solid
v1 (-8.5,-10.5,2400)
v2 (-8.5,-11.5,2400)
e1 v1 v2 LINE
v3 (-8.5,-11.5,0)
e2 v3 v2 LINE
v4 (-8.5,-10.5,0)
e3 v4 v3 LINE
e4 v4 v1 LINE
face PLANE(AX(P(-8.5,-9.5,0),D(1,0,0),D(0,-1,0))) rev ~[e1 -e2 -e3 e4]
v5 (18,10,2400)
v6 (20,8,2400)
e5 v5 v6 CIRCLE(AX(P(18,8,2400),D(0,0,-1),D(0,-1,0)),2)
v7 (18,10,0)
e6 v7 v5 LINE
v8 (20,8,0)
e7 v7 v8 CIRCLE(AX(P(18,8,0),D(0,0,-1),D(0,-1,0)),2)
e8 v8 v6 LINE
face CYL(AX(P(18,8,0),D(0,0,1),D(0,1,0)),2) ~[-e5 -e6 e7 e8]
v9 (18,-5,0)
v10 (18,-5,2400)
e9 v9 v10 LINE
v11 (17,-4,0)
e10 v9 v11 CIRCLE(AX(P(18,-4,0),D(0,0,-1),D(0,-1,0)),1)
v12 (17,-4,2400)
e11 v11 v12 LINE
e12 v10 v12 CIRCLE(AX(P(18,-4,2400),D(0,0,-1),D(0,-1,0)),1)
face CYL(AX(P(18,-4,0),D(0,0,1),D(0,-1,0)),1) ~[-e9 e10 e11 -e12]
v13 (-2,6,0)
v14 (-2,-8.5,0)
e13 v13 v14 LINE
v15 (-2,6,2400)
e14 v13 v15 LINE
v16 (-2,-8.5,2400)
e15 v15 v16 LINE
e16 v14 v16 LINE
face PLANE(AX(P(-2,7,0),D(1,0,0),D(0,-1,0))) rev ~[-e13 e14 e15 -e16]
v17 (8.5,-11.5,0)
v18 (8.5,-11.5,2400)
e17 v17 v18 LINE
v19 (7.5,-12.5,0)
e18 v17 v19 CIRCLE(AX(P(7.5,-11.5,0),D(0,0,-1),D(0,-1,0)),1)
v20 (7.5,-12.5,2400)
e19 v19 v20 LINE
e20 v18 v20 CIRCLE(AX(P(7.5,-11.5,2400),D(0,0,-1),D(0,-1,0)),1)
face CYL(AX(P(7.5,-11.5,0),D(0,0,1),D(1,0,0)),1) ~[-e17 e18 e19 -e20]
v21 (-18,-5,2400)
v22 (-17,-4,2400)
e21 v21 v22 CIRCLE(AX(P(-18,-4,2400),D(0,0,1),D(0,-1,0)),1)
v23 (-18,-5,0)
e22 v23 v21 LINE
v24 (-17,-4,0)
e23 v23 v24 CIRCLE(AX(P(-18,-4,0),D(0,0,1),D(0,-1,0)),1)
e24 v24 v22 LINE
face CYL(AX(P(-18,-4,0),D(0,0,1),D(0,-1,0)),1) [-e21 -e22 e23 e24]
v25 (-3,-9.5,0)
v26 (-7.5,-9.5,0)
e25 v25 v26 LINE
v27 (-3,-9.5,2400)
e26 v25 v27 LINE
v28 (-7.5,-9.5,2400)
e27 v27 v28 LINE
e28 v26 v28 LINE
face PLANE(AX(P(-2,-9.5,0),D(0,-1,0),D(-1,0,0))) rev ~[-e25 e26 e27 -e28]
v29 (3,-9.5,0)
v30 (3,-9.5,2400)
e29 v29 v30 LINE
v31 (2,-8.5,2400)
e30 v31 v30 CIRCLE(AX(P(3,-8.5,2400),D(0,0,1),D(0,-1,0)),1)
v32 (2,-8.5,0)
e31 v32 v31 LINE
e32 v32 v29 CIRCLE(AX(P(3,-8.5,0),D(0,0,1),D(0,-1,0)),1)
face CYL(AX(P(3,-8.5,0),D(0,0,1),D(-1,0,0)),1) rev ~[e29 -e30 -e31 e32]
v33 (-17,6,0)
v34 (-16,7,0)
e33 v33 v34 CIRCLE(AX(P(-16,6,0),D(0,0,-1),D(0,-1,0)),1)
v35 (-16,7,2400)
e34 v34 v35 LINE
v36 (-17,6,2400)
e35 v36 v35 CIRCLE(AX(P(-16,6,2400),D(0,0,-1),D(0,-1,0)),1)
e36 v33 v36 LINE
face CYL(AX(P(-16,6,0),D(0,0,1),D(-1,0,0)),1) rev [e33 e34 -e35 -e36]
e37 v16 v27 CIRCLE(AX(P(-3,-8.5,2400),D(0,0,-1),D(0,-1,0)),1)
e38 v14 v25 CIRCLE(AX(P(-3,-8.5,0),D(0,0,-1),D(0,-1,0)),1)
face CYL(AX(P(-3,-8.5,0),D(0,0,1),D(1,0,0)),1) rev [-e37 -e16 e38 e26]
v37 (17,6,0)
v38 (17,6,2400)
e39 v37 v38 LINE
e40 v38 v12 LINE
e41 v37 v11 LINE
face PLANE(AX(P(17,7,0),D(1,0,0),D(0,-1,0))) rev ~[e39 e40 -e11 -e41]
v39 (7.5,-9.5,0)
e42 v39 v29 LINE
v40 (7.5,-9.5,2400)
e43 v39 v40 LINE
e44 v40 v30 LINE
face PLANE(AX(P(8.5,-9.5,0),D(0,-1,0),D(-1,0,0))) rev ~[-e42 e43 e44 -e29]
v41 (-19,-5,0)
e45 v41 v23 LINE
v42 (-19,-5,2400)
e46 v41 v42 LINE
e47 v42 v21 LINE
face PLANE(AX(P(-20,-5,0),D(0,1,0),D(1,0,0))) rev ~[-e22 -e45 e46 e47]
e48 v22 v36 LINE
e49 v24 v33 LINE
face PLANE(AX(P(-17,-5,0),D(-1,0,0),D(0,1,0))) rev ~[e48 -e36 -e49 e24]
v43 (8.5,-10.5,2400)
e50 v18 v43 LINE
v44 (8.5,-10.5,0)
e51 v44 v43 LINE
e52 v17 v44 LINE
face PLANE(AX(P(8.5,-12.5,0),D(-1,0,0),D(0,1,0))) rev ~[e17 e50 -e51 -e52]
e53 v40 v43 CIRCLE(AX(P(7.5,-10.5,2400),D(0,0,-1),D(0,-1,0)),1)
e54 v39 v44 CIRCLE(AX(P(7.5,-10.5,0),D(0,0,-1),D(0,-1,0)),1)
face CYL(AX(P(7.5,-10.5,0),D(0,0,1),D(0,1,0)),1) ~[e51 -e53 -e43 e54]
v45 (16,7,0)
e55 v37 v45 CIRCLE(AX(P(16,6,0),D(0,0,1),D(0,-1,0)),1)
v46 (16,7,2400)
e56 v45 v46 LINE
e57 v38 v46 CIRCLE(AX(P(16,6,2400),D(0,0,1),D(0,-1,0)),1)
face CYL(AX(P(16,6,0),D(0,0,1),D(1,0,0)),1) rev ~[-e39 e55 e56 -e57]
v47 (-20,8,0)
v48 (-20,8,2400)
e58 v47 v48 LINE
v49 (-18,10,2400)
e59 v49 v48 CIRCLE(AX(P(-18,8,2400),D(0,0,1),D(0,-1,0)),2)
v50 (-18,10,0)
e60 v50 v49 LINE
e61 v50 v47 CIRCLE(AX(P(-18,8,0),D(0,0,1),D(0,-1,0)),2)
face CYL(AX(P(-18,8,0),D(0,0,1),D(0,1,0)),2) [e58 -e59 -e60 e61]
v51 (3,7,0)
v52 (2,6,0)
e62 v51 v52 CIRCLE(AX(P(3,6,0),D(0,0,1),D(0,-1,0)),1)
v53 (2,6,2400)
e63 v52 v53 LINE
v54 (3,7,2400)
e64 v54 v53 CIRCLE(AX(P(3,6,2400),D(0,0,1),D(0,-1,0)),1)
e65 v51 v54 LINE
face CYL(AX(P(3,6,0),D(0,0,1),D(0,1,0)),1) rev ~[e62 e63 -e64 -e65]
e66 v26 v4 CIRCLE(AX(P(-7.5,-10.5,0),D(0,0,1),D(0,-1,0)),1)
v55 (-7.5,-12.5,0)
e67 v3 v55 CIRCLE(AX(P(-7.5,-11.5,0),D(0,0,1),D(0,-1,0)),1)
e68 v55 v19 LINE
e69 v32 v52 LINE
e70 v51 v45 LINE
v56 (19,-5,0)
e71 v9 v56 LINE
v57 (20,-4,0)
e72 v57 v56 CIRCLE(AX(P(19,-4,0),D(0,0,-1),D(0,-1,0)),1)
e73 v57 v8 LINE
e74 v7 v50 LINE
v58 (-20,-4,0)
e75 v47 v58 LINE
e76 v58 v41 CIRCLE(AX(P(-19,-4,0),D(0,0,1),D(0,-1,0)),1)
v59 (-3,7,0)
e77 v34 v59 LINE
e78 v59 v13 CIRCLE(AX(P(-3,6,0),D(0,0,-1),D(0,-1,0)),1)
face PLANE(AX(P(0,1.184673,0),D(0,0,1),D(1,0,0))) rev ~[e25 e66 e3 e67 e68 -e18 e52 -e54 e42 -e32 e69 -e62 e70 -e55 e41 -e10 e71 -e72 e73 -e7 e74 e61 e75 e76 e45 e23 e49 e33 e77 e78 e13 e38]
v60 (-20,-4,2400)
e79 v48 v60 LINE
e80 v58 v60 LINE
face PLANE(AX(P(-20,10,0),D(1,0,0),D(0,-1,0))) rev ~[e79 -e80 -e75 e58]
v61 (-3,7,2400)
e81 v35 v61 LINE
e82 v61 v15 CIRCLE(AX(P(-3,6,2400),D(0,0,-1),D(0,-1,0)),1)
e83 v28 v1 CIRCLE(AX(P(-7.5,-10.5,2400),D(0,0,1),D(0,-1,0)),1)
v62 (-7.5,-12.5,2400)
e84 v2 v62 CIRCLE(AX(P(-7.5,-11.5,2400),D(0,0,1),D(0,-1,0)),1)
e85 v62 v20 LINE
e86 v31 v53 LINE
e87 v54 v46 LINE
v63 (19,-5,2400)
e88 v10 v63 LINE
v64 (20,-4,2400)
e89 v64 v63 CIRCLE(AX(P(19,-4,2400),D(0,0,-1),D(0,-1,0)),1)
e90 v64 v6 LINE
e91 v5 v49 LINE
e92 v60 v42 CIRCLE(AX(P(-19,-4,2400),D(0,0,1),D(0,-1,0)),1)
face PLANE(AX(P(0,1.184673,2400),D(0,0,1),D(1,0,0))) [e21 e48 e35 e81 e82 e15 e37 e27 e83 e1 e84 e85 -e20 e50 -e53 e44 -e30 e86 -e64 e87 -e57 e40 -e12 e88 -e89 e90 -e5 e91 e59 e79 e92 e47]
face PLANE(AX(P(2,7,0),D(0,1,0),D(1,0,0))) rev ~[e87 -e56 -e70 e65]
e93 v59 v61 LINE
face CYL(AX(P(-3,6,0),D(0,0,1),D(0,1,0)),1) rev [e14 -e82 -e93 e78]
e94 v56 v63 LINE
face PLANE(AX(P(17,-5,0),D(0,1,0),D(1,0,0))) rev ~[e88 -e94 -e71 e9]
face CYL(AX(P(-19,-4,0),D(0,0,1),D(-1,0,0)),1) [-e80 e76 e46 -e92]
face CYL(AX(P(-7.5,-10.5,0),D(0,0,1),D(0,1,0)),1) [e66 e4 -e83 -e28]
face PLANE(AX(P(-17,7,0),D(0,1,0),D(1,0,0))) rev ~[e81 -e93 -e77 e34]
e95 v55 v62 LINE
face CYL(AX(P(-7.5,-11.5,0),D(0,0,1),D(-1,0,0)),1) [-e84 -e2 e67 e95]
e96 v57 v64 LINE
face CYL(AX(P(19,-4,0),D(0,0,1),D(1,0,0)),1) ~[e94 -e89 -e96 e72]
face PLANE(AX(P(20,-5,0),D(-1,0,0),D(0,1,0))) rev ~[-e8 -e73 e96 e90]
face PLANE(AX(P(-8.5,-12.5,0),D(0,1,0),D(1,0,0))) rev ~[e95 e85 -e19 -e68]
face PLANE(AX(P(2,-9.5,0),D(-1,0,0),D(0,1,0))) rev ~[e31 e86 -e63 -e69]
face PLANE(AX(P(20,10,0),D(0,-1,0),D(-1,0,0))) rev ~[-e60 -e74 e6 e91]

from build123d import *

# Parameters (mm, degrees)
F1_DEPTH = 2400
F2_R     = 2
F3_R     = 1


with BuildPart() as f1:
    # F0 (on Top) → F1 (new body)
    with BuildSketch(Plane.XY):
        Polygon((20, 10), (-20, 10), (-20, -5), (-17, -5), (-17, 7), (-2, 7), (-2, -9.5), (-8.5, -9.5), (-8.5, -12.5), (0, -12.5), (8.5, -12.5), (8.5, -9.5), (2, -9.5), (2, 7), (17, 7), (17, -5), (20, -5), align=None)
    extrude(amount=F1_DEPTH)

    # F2
    f2_edges = [f1.edges().sort_by_distance(p)[0] for p in [
        (-20, 10, 1200),
        (20, 10, 1200),
    ]]
    fillet(f2_edges, radius=F2_R)

    # F3
    f3_edges = [f1.edges().sort_by_distance(p)[0] for p in [
        (-20, -5, 1200),
        (-17, -5, 1200),
        (-17, 7, 1200),
        (-8.5, -12.5, 1200),
        (8.5, -12.5, 1200),
        (8.5, -9.5, 1200),
        (2, 7, 1200),
        (17, -5, 1200),
        (20, -5, 1200),
        (17, 7, 1200),
        (-2, 7, 1200),
        (-8.5, -9.5, 1200),
        (-2, -9.5, 1200),
        (2, -9.5, 1200),
    ]]
    fillet(f3_edges, radius=F3_R)


solid = f1.part
